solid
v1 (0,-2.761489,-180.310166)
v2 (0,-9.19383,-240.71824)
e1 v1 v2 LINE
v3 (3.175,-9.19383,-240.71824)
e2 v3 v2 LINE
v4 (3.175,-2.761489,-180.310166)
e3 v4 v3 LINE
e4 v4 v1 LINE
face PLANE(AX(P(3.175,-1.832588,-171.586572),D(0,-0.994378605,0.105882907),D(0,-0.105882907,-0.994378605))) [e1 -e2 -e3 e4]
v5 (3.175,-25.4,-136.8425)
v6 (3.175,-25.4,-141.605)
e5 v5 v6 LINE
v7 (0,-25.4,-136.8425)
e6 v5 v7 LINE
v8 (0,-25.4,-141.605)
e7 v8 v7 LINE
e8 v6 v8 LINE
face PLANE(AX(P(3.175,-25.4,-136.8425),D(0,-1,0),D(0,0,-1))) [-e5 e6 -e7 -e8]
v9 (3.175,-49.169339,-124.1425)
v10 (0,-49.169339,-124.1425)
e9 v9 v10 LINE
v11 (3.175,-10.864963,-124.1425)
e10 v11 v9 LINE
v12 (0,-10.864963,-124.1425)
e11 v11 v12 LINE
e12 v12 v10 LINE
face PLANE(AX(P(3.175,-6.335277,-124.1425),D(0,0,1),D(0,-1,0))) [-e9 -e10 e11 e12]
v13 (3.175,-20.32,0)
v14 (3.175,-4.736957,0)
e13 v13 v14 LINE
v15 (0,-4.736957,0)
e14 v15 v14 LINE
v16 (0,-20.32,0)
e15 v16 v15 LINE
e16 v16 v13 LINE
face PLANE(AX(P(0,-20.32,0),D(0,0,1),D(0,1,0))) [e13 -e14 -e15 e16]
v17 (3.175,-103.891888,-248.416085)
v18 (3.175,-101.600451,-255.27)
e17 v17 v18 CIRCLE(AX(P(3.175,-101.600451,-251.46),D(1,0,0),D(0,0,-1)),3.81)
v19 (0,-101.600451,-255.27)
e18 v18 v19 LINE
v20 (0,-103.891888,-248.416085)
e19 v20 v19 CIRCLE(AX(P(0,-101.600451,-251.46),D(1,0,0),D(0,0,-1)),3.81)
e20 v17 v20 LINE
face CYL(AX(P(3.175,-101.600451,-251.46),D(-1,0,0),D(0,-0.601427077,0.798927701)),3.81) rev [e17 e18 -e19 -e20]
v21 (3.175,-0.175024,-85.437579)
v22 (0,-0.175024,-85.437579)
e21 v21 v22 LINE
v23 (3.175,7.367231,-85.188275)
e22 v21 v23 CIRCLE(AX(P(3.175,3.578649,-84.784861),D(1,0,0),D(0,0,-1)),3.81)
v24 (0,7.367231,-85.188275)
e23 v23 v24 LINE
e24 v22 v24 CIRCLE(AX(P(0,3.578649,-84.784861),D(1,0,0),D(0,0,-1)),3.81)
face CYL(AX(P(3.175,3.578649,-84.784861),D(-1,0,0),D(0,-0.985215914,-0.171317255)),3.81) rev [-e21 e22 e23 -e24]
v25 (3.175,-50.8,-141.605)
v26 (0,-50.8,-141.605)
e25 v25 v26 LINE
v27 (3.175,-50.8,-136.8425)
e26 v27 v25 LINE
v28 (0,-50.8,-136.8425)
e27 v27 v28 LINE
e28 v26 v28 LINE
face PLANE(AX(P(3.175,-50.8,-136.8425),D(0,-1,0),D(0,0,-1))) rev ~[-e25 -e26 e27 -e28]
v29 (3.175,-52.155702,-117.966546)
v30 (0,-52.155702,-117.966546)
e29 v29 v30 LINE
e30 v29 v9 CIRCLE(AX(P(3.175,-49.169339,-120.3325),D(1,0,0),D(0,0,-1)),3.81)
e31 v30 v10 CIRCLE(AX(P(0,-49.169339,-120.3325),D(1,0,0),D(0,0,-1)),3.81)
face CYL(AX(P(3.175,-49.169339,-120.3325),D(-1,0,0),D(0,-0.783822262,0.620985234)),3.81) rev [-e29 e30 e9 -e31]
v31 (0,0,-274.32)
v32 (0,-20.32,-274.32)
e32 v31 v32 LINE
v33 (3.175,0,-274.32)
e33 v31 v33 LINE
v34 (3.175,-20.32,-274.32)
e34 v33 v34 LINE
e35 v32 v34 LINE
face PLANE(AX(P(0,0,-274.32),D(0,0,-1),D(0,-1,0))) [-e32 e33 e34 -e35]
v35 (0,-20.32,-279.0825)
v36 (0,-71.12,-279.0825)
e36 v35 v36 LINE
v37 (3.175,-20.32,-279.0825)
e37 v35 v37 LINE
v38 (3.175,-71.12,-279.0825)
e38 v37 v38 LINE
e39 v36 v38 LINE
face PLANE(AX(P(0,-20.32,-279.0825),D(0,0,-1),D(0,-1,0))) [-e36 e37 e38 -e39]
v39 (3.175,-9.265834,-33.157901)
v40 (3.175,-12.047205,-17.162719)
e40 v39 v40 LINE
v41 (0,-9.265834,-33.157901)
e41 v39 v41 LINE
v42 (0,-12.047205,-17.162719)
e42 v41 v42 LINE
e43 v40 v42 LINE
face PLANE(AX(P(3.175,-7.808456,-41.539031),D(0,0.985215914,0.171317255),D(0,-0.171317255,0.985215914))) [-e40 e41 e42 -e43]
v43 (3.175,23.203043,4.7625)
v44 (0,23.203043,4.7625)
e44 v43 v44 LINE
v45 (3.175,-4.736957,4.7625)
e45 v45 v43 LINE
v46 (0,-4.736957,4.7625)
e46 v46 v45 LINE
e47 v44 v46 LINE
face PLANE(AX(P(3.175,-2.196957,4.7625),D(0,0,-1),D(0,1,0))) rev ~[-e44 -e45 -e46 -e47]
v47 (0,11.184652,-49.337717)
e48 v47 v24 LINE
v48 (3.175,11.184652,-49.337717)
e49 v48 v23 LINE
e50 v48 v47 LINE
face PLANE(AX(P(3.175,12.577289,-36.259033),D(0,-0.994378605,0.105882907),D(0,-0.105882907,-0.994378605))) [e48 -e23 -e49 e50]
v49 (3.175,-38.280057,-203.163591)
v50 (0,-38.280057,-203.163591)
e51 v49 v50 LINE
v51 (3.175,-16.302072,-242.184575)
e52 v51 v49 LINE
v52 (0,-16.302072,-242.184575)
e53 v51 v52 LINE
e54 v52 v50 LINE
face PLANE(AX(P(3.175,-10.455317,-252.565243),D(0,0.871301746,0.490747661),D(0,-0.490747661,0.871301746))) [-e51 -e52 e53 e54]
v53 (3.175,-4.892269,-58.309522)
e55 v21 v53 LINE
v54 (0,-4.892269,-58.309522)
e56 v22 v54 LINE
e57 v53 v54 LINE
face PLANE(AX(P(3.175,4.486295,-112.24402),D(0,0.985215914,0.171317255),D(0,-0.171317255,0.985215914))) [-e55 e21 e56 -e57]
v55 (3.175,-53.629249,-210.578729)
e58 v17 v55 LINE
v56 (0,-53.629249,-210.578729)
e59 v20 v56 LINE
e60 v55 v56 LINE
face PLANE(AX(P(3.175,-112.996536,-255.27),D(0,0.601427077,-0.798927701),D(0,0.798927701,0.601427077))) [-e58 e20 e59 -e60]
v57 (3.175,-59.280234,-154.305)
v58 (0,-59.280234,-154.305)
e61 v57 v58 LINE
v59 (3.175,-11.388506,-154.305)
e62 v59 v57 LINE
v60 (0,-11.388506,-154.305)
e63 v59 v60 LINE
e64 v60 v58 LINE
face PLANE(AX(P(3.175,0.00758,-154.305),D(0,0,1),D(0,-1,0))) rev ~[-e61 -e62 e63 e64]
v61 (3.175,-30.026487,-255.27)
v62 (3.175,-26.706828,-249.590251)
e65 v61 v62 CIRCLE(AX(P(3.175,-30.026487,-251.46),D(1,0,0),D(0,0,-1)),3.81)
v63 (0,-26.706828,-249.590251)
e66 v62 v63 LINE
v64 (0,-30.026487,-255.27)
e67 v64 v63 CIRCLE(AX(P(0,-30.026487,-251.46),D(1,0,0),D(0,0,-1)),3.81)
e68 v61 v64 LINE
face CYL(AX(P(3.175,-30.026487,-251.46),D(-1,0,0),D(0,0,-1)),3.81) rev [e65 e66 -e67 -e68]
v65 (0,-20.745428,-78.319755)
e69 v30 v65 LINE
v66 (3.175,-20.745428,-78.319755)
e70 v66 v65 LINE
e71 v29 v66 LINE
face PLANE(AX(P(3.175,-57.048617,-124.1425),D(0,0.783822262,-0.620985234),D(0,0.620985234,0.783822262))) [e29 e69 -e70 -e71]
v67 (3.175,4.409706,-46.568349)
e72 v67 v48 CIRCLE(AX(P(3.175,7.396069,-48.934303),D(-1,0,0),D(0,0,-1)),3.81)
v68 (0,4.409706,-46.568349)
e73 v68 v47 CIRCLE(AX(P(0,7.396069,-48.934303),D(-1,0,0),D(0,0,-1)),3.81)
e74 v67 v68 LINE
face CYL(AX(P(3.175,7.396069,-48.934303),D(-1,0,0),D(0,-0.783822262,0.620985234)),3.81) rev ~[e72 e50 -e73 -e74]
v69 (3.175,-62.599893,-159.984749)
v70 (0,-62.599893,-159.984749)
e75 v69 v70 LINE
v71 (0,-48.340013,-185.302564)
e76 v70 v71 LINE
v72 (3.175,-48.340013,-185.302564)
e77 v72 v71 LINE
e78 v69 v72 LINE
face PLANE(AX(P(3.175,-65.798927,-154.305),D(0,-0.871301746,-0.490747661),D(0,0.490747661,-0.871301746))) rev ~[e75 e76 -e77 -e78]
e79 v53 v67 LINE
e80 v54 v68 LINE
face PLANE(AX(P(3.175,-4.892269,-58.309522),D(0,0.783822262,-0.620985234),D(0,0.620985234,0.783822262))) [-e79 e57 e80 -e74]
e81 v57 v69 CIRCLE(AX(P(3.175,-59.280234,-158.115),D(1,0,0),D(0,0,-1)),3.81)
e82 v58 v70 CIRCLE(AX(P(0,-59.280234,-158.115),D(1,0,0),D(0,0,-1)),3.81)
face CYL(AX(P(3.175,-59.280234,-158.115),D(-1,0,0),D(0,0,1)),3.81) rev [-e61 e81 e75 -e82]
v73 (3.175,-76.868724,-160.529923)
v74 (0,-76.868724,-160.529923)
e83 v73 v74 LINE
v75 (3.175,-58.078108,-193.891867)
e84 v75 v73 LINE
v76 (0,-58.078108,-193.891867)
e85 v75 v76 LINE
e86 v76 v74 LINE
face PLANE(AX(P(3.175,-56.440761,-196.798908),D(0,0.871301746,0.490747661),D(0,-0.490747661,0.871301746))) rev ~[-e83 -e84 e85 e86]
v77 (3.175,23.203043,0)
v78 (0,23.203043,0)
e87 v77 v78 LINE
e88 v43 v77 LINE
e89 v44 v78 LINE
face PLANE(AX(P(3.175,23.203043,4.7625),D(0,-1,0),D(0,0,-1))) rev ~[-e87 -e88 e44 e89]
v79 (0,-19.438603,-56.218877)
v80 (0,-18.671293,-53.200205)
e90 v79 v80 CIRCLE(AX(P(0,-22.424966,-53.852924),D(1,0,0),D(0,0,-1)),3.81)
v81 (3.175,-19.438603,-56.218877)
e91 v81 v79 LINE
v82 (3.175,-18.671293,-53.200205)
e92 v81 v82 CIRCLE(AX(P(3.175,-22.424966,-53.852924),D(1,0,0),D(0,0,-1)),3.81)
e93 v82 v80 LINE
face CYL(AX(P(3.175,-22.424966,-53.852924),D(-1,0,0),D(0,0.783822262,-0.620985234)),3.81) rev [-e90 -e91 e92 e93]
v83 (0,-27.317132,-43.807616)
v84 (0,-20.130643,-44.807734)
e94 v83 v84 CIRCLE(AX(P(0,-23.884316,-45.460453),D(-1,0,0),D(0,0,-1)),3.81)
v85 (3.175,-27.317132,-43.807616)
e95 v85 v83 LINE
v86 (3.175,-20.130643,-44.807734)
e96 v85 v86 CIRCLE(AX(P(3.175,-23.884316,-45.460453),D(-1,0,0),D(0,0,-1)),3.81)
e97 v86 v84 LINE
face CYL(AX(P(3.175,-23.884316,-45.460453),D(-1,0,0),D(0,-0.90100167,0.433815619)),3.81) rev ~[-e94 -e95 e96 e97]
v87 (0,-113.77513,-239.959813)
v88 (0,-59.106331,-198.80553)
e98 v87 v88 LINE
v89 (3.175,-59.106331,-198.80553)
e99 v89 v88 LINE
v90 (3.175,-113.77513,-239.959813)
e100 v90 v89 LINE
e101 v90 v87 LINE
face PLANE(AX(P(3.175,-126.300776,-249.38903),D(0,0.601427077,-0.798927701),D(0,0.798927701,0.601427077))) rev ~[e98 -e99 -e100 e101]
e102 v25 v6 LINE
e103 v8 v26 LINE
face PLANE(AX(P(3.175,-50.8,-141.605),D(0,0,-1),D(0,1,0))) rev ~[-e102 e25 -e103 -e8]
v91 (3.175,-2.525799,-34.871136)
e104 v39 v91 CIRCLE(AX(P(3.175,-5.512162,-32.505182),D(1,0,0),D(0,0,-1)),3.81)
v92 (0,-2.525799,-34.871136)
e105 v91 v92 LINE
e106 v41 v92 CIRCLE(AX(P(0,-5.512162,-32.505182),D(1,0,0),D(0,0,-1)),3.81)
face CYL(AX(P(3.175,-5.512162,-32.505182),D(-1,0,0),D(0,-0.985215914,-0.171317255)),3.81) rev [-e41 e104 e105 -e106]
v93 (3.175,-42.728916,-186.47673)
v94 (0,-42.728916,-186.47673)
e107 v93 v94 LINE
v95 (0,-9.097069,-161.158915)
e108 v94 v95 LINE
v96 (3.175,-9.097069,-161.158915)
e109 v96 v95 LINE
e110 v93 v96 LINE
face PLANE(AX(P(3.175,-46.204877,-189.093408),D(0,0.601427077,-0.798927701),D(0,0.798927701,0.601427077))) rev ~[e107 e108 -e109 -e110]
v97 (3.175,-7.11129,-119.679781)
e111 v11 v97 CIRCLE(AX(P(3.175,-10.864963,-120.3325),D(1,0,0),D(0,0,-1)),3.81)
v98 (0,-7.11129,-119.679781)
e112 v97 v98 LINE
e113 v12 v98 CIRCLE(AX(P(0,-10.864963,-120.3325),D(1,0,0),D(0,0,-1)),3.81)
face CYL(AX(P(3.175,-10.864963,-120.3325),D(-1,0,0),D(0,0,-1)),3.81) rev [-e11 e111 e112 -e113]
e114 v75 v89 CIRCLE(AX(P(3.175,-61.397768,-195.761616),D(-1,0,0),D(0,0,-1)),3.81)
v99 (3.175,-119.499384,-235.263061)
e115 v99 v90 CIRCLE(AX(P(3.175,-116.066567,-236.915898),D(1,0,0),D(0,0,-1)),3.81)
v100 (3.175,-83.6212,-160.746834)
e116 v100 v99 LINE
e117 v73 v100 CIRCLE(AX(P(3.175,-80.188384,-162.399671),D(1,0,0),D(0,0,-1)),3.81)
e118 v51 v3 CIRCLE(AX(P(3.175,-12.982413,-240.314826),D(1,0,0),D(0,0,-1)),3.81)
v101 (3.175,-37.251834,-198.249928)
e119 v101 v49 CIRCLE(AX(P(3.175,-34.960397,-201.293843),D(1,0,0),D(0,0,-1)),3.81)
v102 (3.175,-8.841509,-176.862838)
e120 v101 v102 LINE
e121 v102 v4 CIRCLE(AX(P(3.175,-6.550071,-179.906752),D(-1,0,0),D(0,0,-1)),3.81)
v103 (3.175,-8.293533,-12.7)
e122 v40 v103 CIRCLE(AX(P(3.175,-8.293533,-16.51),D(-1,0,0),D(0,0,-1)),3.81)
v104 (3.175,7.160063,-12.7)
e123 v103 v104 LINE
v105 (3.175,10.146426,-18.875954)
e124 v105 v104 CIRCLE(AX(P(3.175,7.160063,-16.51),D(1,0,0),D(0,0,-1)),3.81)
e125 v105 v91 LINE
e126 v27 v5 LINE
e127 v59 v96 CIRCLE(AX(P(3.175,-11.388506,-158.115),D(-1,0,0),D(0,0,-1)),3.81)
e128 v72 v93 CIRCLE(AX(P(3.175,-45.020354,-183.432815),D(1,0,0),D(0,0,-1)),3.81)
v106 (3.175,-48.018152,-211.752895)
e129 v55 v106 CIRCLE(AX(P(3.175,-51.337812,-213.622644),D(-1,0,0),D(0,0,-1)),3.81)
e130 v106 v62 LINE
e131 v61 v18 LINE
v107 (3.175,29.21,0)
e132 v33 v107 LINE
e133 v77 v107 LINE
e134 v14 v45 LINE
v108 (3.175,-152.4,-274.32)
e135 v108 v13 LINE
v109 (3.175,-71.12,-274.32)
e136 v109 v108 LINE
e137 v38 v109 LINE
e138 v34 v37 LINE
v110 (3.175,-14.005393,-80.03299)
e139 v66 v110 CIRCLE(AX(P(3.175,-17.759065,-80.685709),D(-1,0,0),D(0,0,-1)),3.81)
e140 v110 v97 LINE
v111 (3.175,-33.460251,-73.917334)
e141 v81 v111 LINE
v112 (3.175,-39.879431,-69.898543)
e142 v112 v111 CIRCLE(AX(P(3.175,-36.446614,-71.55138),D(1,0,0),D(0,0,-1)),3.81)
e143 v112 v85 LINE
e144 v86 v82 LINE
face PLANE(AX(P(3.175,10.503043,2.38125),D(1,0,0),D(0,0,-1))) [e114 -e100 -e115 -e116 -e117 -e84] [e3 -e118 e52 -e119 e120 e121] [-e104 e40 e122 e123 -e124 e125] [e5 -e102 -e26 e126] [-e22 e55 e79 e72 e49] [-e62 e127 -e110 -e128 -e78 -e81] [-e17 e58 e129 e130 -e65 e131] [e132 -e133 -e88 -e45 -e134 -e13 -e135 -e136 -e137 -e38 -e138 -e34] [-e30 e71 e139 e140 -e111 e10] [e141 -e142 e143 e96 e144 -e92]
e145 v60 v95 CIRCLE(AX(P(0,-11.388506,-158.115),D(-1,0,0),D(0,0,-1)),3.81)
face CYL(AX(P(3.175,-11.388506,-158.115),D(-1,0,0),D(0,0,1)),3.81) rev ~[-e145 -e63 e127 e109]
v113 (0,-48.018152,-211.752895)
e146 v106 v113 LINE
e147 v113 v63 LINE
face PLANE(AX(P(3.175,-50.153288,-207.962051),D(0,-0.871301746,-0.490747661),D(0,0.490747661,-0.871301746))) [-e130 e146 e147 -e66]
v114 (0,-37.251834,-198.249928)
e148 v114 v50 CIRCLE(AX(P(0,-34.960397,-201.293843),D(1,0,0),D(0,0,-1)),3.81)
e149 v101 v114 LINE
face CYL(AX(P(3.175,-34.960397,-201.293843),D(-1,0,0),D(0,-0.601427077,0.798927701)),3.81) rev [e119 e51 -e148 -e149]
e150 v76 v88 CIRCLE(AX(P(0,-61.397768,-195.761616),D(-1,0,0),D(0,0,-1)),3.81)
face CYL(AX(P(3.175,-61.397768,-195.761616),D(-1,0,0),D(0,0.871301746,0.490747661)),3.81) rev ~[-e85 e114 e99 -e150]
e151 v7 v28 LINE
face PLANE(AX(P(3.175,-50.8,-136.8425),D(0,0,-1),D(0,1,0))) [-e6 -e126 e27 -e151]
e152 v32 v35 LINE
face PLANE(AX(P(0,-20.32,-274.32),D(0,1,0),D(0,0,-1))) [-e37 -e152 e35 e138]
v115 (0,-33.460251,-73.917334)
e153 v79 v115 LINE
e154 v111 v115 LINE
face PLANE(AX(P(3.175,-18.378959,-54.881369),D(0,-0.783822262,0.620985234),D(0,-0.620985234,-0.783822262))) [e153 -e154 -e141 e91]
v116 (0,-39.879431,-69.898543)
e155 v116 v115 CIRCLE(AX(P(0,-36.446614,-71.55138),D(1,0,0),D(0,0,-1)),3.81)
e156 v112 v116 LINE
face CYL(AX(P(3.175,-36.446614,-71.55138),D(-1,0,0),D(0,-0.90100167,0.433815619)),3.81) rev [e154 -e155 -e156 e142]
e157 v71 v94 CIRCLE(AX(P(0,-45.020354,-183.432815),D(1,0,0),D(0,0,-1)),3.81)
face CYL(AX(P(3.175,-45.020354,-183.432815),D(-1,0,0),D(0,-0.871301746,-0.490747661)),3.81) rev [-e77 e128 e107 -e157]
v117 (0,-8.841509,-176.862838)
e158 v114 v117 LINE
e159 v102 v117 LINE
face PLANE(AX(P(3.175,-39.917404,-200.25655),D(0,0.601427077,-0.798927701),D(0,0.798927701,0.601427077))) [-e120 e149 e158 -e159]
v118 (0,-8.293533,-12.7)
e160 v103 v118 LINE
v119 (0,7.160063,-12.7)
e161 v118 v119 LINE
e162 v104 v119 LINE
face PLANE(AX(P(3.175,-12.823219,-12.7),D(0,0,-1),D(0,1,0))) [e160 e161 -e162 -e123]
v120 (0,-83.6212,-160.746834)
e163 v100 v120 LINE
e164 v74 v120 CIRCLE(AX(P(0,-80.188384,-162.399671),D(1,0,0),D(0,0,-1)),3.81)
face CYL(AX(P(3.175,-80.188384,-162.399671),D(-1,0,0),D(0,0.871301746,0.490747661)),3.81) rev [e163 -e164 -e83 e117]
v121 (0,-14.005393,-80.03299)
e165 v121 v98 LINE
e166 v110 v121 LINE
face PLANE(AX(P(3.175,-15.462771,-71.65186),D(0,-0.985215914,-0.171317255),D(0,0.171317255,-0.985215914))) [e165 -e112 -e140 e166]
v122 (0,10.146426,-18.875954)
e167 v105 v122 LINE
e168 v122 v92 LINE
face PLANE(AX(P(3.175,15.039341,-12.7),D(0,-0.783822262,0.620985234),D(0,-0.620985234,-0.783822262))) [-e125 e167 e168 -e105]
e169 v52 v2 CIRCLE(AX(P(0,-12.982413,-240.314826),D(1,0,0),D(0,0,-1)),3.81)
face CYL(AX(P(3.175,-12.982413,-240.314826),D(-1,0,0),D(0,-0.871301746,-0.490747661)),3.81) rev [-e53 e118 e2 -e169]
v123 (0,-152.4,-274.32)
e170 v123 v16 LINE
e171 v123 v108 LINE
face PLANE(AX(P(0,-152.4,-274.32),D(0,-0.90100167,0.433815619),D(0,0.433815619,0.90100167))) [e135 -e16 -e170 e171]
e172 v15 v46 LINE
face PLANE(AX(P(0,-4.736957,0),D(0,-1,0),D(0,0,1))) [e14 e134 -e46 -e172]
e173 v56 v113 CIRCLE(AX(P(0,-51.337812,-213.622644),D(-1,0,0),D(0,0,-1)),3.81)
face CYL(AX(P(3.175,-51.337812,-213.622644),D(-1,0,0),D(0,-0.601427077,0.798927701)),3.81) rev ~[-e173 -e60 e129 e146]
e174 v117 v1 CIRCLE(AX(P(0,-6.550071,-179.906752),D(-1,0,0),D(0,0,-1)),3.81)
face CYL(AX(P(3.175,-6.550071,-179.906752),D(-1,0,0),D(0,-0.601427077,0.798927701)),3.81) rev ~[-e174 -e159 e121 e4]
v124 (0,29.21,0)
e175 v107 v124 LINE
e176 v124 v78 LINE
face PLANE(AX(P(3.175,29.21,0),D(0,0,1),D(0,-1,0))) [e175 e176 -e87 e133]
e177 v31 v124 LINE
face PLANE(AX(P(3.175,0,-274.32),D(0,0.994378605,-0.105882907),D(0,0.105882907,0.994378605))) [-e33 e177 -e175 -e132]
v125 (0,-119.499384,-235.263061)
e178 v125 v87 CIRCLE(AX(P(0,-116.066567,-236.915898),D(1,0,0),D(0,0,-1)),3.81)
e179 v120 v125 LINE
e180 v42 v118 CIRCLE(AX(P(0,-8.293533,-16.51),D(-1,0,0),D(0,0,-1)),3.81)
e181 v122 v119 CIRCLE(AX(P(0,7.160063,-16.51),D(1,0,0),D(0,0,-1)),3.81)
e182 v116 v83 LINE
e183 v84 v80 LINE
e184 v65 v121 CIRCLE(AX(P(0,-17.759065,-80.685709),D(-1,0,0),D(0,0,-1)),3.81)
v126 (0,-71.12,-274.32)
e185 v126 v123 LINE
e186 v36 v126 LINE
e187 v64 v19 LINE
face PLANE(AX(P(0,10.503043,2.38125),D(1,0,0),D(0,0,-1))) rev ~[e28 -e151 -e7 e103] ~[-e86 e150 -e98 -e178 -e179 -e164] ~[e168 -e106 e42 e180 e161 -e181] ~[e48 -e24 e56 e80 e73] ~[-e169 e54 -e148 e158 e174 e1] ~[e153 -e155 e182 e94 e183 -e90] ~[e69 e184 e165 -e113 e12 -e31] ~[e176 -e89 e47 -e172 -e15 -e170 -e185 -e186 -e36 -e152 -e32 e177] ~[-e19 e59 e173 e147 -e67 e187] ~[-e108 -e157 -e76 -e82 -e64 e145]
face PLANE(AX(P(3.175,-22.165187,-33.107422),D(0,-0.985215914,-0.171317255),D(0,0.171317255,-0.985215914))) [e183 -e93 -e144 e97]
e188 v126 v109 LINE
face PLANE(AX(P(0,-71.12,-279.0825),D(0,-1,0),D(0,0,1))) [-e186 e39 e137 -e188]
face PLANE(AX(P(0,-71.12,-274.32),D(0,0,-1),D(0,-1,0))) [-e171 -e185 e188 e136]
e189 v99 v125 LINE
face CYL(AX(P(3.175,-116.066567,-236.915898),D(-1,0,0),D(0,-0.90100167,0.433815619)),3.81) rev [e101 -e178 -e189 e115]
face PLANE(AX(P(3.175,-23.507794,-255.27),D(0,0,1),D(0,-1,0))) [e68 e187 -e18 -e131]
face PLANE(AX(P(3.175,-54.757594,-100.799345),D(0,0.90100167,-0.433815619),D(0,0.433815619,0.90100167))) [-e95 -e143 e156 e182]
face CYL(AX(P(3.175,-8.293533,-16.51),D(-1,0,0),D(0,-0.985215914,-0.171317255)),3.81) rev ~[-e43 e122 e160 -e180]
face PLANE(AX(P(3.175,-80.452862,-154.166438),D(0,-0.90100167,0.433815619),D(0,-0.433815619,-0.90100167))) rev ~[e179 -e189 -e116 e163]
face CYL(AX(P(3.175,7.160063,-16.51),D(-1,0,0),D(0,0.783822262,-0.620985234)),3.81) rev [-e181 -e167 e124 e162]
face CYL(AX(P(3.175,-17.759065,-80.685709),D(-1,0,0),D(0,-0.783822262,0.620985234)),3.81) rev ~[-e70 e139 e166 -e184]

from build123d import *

# Parameters (mm, degrees)
BOSS_EXTRUDE1_DEPTH = 3.175
SKETCH4_W           = 4.7625
SKETCH4_H           = 25.4
CUT_EXTRUDE1_DEPTH  = 318.998242812
BOSS_EXTRUDE2_DEPTH = 3.175
SKETCH8_W           = 4.7625
SKETCH8_H           = 25.4
BOSS_EXTRUDE3_DEPTH = 3.175
CUT_EXTRUDE2_DEPTH  = 3.175
FILLET1_R           = 3.81


with BuildPart() as part:
    # Sketch3 → Boss-Extrude1 (new body)
    with BuildSketch(Plane(origin=(0, 0, 0), x_dir=(0, 0, -1), z_dir=(1, 0, 0))):
        Polygon((0, 0), (274.32, 0), (274.32, -20.32), (279.0825, -20.32), (279.0825, -71.12), (274.32, -71.12), (274.32, -152.4), (0, -20.32), (0, -4.736956919), (-4.7625, -4.736956919), (-4.7625, -2.196956919), (0, -2.196956919), align=None)
    extrude(amount=BOSS_EXTRUDE1_DEPTH)

    # Sketch4 → Cut-Extrude1 (cut, through all)
    with BuildSketch(Plane(origin=(3.175, 0, 0), x_dir=(0, 0, -1), z_dir=(1, 0, 0))):
        with Locations((139.22375, -38.1)):
            Rectangle(SKETCH4_W, SKETCH4_H)
    extrude(amount=-CUT_EXTRUDE1_DEPTH, mode=Mode.SUBTRACT)

    # Sketch7 → Boss-Extrude2 (add)
    with BuildSketch(Plane(origin=(3.175, 0, 0), x_dir=(0, 0, -1), z_dir=(1, 0, 0))):
        Polygon((0, 0), (274.32, 0), (0, 29.21), align=None)
    extrude(amount=-BOSS_EXTRUDE2_DEPTH)

    # Sketch8 → Boss-Extrude3 (add)
    with BuildSketch(Plane(origin=(3.175, 0, 0), x_dir=(0, 0, -1), z_dir=(1, 0, 0))):
        with Locations((-2.38125, 10.503043081)):
            Rectangle(SKETCH8_W, SKETCH8_H)
    extrude(amount=-BOSS_EXTRUDE3_DEPTH)

    # Sketch9 → Cut-Extrude2 (cut)
    with BuildSketch(Plane(origin=(3.175, 0, 0), x_dir=(0, 0, -1), z_dir=(1, 0, 0))):
        Polygon((36.259032566, 12.577289188), (112.24402044, 4.486295109), (58.30952194, -4.892268607), align=None)
        Polygon((12.7, -12.823218546), (12.7, 15.039341432), (41.539031051, -7.808456237), align=None)
        Polygon((33.107422432, -22.165187422), (54.881369429, -18.378958664), (100.799344517, -54.757594352), align=None)
        Polygon((71.651860318, -15.462771034), (124.1425, -6.335277083), (124.1425, -57.048617412), align=None)
        Polygon((171.586571882, -1.832587683), (252.565242685, -10.455316519), (200.256550247, -39.917404217), align=None)
        Polygon((154.305, 0.007579693), (154.305, -65.798926774), (189.093407911, -46.204876971), align=None)
        Polygon((196.79890844, -56.44076101), (154.166437984, -80.452861577), (249.389029774, -126.300776142), align=None)
        Polygon((207.962050776, -50.153288256), (255.27, -23.507794287), (255.27, -112.996536471), align=None)
    extrude(amount=-CUT_EXTRUDE2_DEPTH, mode=Mode.SUBTRACT)

    # Fillet1
    fillet1_edges = [part.edges().sort_by_distance(p)[0] for p in [
        (1.5875, -65.798926774, -154.305),
        (1.5875, -46.204876971, -189.093407911),
        (1.5875, 0.007579693, -154.305),
        (1.5875, -6.335277083, -124.1425),
        (1.5875, -57.048617412, -124.1425),
        (1.5875, -15.462771034, -71.651860318),
        (1.5875, -18.378958664, -54.881369429),
        (1.5875, -54.757594352, -100.799344517),
        (1.5875, -22.165187422, -33.107422432),
        (1.5875, 4.486295109, -112.24402044),
        (1.5875, 12.577289188, -36.259032566),
        (1.5875, -80.452861577, -154.166437984),
        (1.5875, -126.300776142, -249.389029774),
        (1.5875, -56.44076101, -196.79890844),
        (1.5875, -10.455316519, -252.565242685),
        (1.5875, -39.917404217, -200.256550247),
        (1.5875, -1.832587683, -171.586571882),
        (1.5875, -23.507794287, -255.27),
        (1.5875, -112.996536471, -255.27),
        (1.5875, -50.153288256, -207.962050776),
        (1.5875, 15.039341432, -12.7),
        (1.5875, -7.808456237, -41.539031051),
        (1.5875, -12.823218546, -12.7),
    ]]
    fillet(fillet1_edges, radius=FILLET1_R)


solid = part.part
